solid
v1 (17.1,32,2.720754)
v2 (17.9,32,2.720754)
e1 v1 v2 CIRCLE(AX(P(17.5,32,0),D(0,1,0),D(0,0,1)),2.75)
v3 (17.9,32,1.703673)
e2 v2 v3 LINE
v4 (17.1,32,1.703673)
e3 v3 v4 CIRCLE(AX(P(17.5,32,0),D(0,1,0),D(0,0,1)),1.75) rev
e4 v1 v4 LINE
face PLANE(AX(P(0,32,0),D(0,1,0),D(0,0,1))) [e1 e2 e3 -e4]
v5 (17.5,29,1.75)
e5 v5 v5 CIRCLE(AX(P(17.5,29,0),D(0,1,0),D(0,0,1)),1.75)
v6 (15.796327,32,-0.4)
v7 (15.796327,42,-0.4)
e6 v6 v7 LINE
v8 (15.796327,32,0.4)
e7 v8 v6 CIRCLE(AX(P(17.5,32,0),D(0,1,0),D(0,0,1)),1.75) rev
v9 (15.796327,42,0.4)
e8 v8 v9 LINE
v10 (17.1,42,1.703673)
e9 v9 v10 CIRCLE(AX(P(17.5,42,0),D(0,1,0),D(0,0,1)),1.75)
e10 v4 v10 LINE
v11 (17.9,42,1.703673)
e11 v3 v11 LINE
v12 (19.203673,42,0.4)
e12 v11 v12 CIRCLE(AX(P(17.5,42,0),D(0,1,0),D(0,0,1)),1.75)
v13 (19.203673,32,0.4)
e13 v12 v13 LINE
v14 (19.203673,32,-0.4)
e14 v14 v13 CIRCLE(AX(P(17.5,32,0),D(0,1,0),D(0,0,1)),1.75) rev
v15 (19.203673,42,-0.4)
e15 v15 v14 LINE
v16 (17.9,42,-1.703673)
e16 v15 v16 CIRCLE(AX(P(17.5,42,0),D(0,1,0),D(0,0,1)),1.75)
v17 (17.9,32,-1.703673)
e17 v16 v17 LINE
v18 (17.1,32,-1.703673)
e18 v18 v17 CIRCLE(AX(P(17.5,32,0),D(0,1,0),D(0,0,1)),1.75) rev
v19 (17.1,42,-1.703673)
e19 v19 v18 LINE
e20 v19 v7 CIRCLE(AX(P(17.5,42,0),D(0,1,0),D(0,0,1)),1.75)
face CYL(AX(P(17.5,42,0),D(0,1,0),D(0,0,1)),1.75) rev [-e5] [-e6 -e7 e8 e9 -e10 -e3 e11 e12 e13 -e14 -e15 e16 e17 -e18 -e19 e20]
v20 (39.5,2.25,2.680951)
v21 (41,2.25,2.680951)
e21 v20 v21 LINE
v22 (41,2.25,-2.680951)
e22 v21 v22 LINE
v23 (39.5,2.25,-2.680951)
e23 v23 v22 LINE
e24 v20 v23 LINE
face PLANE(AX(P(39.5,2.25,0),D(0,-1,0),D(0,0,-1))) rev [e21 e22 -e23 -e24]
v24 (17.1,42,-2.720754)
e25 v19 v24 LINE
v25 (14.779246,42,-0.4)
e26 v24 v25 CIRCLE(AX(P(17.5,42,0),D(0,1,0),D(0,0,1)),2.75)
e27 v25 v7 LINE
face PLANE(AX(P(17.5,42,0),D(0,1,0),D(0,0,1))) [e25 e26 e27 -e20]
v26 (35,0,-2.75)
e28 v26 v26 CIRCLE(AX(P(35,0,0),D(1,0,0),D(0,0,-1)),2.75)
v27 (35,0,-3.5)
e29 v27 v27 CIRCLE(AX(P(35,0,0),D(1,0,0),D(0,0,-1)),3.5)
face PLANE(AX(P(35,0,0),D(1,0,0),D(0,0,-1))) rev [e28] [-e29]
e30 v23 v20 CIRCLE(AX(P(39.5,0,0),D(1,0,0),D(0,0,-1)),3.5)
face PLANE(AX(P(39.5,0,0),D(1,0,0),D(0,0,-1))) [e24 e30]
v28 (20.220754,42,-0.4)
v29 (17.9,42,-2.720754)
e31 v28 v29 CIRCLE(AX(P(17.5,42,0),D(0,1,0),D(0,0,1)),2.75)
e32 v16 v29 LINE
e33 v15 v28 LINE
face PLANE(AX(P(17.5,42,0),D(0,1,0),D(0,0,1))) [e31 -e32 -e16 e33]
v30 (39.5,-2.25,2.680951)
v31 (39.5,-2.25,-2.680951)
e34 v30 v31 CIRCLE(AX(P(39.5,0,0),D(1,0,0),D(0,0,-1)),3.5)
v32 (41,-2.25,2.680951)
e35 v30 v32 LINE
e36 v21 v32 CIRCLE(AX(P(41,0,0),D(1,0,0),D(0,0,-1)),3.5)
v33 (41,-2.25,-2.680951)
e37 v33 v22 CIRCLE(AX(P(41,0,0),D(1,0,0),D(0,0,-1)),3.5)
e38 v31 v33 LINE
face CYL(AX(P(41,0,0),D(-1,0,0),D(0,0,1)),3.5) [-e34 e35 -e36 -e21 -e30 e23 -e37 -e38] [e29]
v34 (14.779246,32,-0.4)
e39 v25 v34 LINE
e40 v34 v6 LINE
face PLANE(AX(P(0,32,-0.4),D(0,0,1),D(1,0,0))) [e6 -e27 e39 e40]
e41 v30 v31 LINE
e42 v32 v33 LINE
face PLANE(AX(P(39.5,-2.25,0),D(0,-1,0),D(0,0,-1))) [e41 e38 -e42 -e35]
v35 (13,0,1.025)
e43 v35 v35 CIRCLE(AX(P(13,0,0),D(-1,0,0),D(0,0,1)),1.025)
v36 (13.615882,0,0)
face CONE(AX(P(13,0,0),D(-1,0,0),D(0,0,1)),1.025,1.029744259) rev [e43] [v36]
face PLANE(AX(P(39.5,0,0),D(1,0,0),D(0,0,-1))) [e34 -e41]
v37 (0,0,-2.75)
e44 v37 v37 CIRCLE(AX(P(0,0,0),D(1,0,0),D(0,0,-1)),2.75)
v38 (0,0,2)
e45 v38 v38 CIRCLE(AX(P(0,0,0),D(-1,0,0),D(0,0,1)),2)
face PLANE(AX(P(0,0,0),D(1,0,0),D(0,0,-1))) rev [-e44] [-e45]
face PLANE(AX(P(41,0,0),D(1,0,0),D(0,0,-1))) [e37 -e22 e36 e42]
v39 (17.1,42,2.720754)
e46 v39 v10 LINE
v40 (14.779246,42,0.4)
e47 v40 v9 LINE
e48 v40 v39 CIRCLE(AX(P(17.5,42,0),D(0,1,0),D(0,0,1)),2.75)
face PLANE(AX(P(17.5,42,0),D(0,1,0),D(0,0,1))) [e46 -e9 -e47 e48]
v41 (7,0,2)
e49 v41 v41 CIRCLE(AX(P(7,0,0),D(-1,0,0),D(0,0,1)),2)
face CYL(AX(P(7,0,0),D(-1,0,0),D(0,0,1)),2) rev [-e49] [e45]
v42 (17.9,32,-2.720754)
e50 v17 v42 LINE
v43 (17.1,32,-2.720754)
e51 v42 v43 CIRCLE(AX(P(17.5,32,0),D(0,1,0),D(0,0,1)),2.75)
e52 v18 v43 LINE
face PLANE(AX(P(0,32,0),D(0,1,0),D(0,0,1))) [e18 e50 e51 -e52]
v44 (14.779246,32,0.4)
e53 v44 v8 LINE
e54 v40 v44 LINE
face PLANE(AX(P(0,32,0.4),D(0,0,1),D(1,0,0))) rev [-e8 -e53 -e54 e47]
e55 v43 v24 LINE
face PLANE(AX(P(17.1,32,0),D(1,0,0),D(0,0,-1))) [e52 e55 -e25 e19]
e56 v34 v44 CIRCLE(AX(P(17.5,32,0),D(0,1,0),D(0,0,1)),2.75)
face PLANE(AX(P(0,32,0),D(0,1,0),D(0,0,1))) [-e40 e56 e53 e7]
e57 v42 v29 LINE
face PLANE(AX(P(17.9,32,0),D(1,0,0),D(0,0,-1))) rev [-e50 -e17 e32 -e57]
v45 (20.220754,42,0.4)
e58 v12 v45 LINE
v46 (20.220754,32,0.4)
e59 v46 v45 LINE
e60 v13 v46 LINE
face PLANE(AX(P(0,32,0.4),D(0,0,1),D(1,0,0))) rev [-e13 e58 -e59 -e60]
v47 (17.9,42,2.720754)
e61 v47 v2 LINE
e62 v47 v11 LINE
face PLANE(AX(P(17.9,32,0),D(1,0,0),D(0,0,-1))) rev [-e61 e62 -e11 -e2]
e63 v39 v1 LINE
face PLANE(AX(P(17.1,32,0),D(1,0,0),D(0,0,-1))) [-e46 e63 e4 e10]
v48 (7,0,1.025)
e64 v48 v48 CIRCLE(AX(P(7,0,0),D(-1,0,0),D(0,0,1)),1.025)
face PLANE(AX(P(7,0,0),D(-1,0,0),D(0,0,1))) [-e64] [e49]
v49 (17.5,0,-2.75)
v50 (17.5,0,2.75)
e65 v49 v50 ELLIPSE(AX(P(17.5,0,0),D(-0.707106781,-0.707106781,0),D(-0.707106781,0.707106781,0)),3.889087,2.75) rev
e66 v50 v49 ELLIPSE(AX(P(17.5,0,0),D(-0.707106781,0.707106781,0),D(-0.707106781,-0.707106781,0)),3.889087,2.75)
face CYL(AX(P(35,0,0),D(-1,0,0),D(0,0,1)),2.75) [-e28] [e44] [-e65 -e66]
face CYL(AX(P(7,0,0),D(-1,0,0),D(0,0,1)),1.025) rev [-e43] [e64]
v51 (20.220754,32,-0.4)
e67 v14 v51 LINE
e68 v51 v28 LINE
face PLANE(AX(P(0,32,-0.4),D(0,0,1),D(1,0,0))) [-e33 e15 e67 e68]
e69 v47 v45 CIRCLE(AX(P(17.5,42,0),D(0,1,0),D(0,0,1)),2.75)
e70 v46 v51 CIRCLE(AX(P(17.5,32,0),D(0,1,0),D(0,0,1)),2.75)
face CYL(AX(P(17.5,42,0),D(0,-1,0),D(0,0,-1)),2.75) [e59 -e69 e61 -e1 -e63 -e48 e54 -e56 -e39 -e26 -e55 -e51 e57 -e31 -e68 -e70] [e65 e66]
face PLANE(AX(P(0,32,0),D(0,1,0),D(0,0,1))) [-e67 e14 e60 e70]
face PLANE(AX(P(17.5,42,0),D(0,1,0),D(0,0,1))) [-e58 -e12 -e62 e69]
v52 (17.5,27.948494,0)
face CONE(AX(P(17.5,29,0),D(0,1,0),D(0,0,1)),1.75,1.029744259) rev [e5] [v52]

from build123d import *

# Parameters (mm, degrees)
SKETCH_1_R                  = 2.75
EXTRUDE_1_DEPTH             = 35
SKETCH_2_R                  = 2.75
EXTRUDE_2_DEPTH             = 42
HOLE_WIZARD_3_5_3_5_1_D     = 3.5
HOLE_WIZARD_3_5_3_5_1_DEPTH = 13
HOLE_WIZARD_3_5_3_5_1_TIP   = 1.051506083
SKETCH_4_W                  = 0.8
SKETCH_4_H                  = 0.8
CUT_EXTRUDE_1_DEPTH         = 10
SKETCH_5_R                  = 3.5
EXTRUDE_3_DEPTH             = 6
CUT_EXTRUDE_2_DEPTH         = 1.5
SKETCH_7_R                  = 2
CUT_EXTRUDE_3_DEPTH         = 7
M2_5X0_451_D                = 2.05
M2_5X0_451_DEPTH            = 6
M2_5X0_451_TIP              = 0.615882135


with BuildPart() as part:
    # Эскиз1 → Бобышка-Вытянуть1 (new body)
    with BuildSketch(Plane(origin=(0, 0, 0), x_dir=(0, 0, -1), z_dir=(1, 0, 0))):
        Circle(SKETCH_1_R)
    extrude(amount=EXTRUDE_1_DEPTH)

    # Эскиз2 → Бобышка-Вытянуть2 (add)
    with BuildSketch(Plane(origin=(0, 0, 0), x_dir=(1, 0, 0), z_dir=(0, 1, 0))):
        with Locations((17.5, 0)):
            Circle(SKETCH_2_R)
    extrude(amount=EXTRUDE_2_DEPTH)

    # Диаметр отверстия Ø3.5 (3.5)1
    with Locations(Plane(origin=(17.5, 42, 0), x_dir=(0, 0, 1), z_dir=(0, 1, 0))):
        with Locations((0, 0)):
            Hole(HOLE_WIZARD_3_5_3_5_1_D / 2, depth=HOLE_WIZARD_3_5_3_5_1_DEPTH)
            with Locations((0, 0, -(HOLE_WIZARD_3_5_3_5_1_DEPTH + HOLE_WIZARD_3_5_3_5_1_TIP / 2))):  # 118° drill point
                Cone(0, HOLE_WIZARD_3_5_3_5_1_D / 2, HOLE_WIZARD_3_5_3_5_1_TIP, mode=Mode.SUBTRACT)

    # Эскиз4 → Вырез-Вытянуть1 (cut)
    with BuildSketch(Plane(origin=(0, 42, 0), x_dir=(1, 0, 0), z_dir=(0, 1, 0))):
        with BuildLine():
            Line((17.1, 4), (17.1, 2.720753572))
            ThreePointArc((17.1, 2.720753572), (17.5, 2.75), (17.9, 2.720753572))
            Line((17.9, 2.720753572), (17.9, 4))
            Line((17.9, 4), (17.1, 4))
        make_face()
        with BuildLine():
            Line((17.1, -1.703672504), (17.1, -2.720753572))
            ThreePointArc((17.1, -2.720753572), (17.5, -2.75), (17.9, -2.720753572))
            Line((17.9, -2.720753572), (17.9, -1.703672504))
            ThreePointArc((17.9, -1.703672504), (17.5, -1.75), (17.1, -1.703672504))
        make_face()
        with BuildLine():
            ThreePointArc((17.9, 2.720753572), (17.5, 2.75), (17.1, 2.720753572))
            Line((17.1, 2.720753572), (17.1, 1.703672504))
            ThreePointArc((17.1, 1.703672504), (17.5, 1.75), (17.9, 1.703672504))
            Line((17.9, 1.703672504), (17.9, 2.720753572))
        make_face()
        with BuildLine():
            Line((17.1, 1.703672504), (17.1, 0.4))
            Line((17.1, 0.4), (17.9, 0.4))
            Line((17.9, 0.4), (17.9, 1.703672504))
            ThreePointArc((17.9, 1.703672504), (17.5, 1.75), (17.1, 1.703672504))
        make_face()
        with Locations((17.5, 0)):
            Rectangle(SKETCH_4_W, SKETCH_4_H)
        with BuildLine():
            Line((15.796327496, -0.4), (17.1, -0.4))
            Line((17.1, -0.4), (17.1, 0.4))
            Line((17.1, 0.4), (15.796327496, 0.4))
            ThreePointArc((15.796327496, 0.4), (15.75, 0), (15.796327496, -0.4))
        make_face()
        with BuildLine():
            ThreePointArc((14.779246428, 0.4), (14.75, 0), (14.779246428, -0.4))
            Line((14.779246428, -0.4), (15.796327496, -0.4))
            ThreePointArc((15.796327496, -0.4), (15.75, 0), (15.796327496, 0.4))
            Line((15.796327496, 0.4), (14.779246428, 0.4))
        make_face()
        with BuildLine():
            Line((19.203672504, -0.4), (20.220753572, -0.4))
            ThreePointArc((20.220753572, -0.4), (20.242678647, -0.200533883), (20.25, 0))
            ThreePointArc((20.25, 0), (20.242678647, 0.200533883), (20.220753572, 0.4))
            Line((20.220753572, 0.4), (19.203672504, 0.4))
            ThreePointArc((19.203672504, 0.4), (19.238379545, 0.20133693), (19.25, 0))
            ThreePointArc((19.25, 0), (19.238379545, -0.20133693), (19.203672504, -0.4))
        make_face()
        with BuildLine():
            Line((13.5, -0.4), (14.779246428, -0.4))
            ThreePointArc((14.779246428, -0.4), (14.75, 0), (14.779246428, 0.4))
            Line((14.779246428, 0.4), (13.5, 0.4))
            Line((13.5, 0.4), (13.5, -0.4))
        make_face()
        with BuildLine():
            Line((17.1, -0.4), (17.1, -1.703672504))
            ThreePointArc((17.1, -1.703672504), (17.5, -1.75), (17.9, -1.703672504))
            Line((17.9, -1.703672504), (17.9, -0.4))
            Line((17.9, -0.4), (17.1, -0.4))
        make_face()
        with BuildLine():
            Line((17.1, -2.720753572), (17.1, -4))
            Line((17.1, -4), (17.9, -4))
            Line((17.9, -4), (17.9, -2.720753572))
            ThreePointArc((17.9, -2.720753572), (17.5, -2.75), (17.1, -2.720753572))
        make_face()
        with BuildLine():
            Line((17.9, 0.4), (17.9, -0.4))
            Line((17.9, -0.4), (19.203672504, -0.4))
            ThreePointArc((19.203672504, -0.4), (19.238379545, -0.20133693), (19.25, 0))
            ThreePointArc((19.25, 0), (19.238379545, 0.20133693), (19.203672504, 0.4))
            Line((19.203672504, 0.4), (17.9, 0.4))
        make_face()
        with BuildLine():
            ThreePointArc((20.25, 0), (20.242678647, -0.200533883), (20.220753572, -0.4))
            Line((20.220753572, -0.4), (21.5, -0.4))
            Line((21.5, -0.4), (21.5, 0.4))
            Line((21.5, 0.4), (20.220753572, 0.4))
            ThreePointArc((20.220753572, 0.4), (20.242678647, 0.200533883), (20.25, 0))
        make_face()
    extrude(amount=-CUT_EXTRUDE_1_DEPTH, mode=Mode.SUBTRACT)

    # Эскиз5 → Бобышка-Вытянуть3 (add)
    with BuildSketch(Plane(origin=(35, 0, 0), x_dir=(0, 0, -1), z_dir=(1, 0, 0))):
        Circle(SKETCH_5_R)
    extrude(amount=EXTRUDE_3_DEPTH)

    # Эскиз6 → Вырез-Вытянуть2 (cut)
    with BuildSketch(Plane(origin=(41, 0, 0), x_dir=(0, 0, -1), z_dir=(1, 0, 0))):
        with BuildLine():
            ThreePointArc((2.680951324, 2.25), (0, 3.5), (-2.680951324, 2.25))
            Line((-2.680951324, 2.25), (2.680951324, 2.25))
        make_face()
        with BuildLine():
            Line((2.680951324, -2.25), (-2.680951324, -2.25))
            ThreePointArc((-2.680951324, -2.25), (0, -3.5), (2.680951324, -2.25))
        make_face()
    extrude(amount=-CUT_EXTRUDE_2_DEPTH, mode=Mode.SUBTRACT)

    # Эскиз7 → Вырез-Вытянуть3 (cut)
    with BuildSketch(Plane.ZY):
        Circle(SKETCH_7_R)
    extrude(amount=-CUT_EXTRUDE_3_DEPTH, mode=Mode.SUBTRACT)

    # Отверстие обработанное метчиком M2.5x0.451
    with Locations(Plane(origin=(7, 0, 0), x_dir=(0, 0, -1), z_dir=(-1, 0, 0))):
        with Locations((0, 0)):
            Hole(M2_5X0_451_D / 2, depth=M2_5X0_451_DEPTH)
            with Locations((0, 0, -(M2_5X0_451_DEPTH + M2_5X0_451_TIP / 2))):  # 118° drill point
                Cone(0, M2_5X0_451_D / 2, M2_5X0_451_TIP, mode=Mode.SUBTRACT)


solid = part.part
